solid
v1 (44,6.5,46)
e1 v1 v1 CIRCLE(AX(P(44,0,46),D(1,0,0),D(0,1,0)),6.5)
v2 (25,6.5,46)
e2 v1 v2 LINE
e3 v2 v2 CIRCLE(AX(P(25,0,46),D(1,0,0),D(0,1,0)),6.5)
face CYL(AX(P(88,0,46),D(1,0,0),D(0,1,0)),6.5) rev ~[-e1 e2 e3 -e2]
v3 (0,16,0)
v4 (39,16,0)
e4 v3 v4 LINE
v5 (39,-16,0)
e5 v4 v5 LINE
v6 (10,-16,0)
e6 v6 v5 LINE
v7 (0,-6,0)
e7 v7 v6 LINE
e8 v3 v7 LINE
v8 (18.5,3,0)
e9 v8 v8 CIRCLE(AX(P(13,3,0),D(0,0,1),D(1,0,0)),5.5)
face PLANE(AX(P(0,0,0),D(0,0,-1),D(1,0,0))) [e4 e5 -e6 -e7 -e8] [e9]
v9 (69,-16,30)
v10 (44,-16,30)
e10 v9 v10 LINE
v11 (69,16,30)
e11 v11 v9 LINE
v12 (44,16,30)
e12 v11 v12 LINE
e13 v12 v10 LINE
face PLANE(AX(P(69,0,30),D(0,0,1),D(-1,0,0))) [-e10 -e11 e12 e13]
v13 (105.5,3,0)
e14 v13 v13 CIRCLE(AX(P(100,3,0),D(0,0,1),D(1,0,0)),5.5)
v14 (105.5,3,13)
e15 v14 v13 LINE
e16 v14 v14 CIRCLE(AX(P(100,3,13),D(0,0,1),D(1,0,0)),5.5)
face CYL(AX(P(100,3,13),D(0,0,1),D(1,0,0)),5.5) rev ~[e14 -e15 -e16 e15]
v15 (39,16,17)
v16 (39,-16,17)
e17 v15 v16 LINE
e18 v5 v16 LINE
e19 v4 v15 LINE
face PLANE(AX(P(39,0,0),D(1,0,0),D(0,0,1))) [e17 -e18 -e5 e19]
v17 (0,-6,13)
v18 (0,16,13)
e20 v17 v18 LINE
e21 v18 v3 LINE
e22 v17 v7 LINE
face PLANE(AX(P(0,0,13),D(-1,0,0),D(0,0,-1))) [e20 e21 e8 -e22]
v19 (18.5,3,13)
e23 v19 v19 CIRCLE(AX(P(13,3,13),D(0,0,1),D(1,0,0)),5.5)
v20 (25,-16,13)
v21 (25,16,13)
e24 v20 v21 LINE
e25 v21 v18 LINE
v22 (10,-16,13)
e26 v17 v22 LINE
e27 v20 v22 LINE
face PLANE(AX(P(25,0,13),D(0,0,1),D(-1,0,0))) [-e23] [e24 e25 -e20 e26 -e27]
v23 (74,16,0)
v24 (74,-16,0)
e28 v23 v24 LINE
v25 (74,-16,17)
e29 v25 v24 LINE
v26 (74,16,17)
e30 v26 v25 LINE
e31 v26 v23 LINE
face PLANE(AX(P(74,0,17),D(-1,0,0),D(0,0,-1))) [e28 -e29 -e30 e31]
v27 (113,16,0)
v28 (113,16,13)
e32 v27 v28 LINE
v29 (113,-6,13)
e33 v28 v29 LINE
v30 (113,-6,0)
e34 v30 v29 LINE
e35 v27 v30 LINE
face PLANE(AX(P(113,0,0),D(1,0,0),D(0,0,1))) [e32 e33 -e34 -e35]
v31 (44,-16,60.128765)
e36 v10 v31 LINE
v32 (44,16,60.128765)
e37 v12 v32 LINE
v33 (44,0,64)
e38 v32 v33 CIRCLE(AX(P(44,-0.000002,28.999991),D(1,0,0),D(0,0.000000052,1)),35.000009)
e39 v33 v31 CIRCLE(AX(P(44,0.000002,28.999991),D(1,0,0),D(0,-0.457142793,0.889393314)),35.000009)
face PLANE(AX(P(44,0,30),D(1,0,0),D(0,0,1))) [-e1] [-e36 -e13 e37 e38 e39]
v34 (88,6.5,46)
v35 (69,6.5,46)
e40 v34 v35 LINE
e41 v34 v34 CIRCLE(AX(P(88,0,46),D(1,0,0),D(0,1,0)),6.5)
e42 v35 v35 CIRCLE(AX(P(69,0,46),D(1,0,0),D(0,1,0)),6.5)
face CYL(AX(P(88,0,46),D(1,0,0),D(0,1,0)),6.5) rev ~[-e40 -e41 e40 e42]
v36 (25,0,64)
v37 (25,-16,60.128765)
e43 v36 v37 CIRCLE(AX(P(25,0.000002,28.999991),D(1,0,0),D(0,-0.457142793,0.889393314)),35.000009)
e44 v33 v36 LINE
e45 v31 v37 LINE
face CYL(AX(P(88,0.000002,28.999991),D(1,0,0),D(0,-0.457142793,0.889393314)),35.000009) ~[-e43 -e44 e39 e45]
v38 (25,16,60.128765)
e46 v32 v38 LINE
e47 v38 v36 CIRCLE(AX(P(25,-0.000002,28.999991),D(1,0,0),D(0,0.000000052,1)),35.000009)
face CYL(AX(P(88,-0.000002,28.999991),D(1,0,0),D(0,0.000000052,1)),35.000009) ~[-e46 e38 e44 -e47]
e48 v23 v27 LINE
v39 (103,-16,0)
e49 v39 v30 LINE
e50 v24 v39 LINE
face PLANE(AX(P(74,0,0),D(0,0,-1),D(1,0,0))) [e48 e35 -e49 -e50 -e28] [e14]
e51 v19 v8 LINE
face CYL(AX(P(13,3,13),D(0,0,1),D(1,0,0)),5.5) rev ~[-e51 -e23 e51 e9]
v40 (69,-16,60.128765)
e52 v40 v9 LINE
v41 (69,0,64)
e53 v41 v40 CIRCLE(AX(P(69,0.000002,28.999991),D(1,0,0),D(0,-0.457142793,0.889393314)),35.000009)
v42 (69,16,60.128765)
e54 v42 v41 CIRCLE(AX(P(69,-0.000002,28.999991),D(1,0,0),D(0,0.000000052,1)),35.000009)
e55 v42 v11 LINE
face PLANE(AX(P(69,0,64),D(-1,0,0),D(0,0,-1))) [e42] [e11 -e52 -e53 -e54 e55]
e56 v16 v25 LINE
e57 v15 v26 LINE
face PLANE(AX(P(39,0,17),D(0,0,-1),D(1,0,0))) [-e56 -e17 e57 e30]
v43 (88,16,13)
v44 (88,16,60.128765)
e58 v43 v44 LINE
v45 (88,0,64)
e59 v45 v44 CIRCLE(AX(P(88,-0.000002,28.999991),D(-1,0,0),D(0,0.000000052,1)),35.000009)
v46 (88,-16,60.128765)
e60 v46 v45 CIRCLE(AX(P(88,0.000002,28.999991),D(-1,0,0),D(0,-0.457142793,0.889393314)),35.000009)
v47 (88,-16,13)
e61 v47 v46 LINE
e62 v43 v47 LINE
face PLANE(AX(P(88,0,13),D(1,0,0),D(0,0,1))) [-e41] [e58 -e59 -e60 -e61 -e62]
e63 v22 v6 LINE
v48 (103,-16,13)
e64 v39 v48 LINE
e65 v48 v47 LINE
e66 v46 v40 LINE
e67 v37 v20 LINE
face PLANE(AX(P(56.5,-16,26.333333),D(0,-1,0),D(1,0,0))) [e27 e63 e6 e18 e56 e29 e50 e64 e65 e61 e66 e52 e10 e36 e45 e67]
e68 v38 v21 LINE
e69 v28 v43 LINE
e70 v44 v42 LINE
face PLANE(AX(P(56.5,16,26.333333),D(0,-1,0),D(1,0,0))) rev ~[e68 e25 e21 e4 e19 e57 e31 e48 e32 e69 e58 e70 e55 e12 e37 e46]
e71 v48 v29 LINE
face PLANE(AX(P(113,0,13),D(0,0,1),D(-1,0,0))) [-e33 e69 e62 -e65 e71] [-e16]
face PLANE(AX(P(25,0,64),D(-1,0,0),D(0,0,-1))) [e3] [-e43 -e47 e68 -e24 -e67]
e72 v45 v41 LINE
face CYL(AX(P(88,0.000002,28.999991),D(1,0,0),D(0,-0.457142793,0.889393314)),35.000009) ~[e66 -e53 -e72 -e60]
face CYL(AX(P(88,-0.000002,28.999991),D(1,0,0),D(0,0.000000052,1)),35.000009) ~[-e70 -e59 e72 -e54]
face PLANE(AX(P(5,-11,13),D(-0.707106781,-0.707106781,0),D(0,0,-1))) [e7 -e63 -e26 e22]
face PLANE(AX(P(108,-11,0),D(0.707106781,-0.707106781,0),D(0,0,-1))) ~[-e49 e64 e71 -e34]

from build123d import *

# Parameters (mm, degrees)
F1_DEPTH = 16
F2_R     = 5.5
F3_DEPTH = 13.001
F4_SIZE2 = 10
F4_SIZE  = 10
F5_R     = 6.5
F6_DEPTH = 88.001


with BuildPart() as f1:
    # F0 (on Front) → F1 (new body, symmetric)
    with BuildSketch(Plane.XZ):
        Polygon((0, 13), (0, 0), (39, 0), (39, 17), (74, 17), (74, 0), (113, 0), (113, 13), (88, 13), (88, 64), (69, 64), (69, 30), (44, 30), (44, 64), (25, 64), (25, 13), align=None)
    extrude(amount=F1_DEPTH, both=True)

    # F2 (on face) → F3 (cut, through all)
    with BuildSketch(Plane.XY.offset(13)):
        with Locations((100, 3)):
            Circle(F2_R)
        with Locations((13, 3)):
            Circle(F2_R)
    extrude(amount=-F3_DEPTH, mode=Mode.SUBTRACT)

    # F4
    f4_edges = [f1.edges().sort_by_distance(p)[0] for p in [
        (0, -16, 6.5),
        (113, -16, 6.5),
    ]]
    chamfer(f4_edges, length=F4_SIZE, length2=F4_SIZE2)

    # F5 (on face) → F6 (cut, through all)
    with BuildSketch(Plane.YZ.offset(88)):
        with Locations((0, 46)):
            Circle(F5_R)
        with BuildLine():
            ThreePointArc((-16, 60.128765), (-8.230833, 63.018427), (0, 64))
            Line((0, 64), (-16, 64))
            Line((-16, 64), (-16, 60.128765))
        make_face()
        with BuildLine():
            ThreePointArc((0, 64), (8.230833, 63.018427), (16, 60.128765))
            Line((16, 60.128765), (16, 64))
            Line((16, 64), (0, 64))
        make_face()
    extrude(amount=-F6_DEPTH, mode=Mode.SUBTRACT)


solid = f1.part
